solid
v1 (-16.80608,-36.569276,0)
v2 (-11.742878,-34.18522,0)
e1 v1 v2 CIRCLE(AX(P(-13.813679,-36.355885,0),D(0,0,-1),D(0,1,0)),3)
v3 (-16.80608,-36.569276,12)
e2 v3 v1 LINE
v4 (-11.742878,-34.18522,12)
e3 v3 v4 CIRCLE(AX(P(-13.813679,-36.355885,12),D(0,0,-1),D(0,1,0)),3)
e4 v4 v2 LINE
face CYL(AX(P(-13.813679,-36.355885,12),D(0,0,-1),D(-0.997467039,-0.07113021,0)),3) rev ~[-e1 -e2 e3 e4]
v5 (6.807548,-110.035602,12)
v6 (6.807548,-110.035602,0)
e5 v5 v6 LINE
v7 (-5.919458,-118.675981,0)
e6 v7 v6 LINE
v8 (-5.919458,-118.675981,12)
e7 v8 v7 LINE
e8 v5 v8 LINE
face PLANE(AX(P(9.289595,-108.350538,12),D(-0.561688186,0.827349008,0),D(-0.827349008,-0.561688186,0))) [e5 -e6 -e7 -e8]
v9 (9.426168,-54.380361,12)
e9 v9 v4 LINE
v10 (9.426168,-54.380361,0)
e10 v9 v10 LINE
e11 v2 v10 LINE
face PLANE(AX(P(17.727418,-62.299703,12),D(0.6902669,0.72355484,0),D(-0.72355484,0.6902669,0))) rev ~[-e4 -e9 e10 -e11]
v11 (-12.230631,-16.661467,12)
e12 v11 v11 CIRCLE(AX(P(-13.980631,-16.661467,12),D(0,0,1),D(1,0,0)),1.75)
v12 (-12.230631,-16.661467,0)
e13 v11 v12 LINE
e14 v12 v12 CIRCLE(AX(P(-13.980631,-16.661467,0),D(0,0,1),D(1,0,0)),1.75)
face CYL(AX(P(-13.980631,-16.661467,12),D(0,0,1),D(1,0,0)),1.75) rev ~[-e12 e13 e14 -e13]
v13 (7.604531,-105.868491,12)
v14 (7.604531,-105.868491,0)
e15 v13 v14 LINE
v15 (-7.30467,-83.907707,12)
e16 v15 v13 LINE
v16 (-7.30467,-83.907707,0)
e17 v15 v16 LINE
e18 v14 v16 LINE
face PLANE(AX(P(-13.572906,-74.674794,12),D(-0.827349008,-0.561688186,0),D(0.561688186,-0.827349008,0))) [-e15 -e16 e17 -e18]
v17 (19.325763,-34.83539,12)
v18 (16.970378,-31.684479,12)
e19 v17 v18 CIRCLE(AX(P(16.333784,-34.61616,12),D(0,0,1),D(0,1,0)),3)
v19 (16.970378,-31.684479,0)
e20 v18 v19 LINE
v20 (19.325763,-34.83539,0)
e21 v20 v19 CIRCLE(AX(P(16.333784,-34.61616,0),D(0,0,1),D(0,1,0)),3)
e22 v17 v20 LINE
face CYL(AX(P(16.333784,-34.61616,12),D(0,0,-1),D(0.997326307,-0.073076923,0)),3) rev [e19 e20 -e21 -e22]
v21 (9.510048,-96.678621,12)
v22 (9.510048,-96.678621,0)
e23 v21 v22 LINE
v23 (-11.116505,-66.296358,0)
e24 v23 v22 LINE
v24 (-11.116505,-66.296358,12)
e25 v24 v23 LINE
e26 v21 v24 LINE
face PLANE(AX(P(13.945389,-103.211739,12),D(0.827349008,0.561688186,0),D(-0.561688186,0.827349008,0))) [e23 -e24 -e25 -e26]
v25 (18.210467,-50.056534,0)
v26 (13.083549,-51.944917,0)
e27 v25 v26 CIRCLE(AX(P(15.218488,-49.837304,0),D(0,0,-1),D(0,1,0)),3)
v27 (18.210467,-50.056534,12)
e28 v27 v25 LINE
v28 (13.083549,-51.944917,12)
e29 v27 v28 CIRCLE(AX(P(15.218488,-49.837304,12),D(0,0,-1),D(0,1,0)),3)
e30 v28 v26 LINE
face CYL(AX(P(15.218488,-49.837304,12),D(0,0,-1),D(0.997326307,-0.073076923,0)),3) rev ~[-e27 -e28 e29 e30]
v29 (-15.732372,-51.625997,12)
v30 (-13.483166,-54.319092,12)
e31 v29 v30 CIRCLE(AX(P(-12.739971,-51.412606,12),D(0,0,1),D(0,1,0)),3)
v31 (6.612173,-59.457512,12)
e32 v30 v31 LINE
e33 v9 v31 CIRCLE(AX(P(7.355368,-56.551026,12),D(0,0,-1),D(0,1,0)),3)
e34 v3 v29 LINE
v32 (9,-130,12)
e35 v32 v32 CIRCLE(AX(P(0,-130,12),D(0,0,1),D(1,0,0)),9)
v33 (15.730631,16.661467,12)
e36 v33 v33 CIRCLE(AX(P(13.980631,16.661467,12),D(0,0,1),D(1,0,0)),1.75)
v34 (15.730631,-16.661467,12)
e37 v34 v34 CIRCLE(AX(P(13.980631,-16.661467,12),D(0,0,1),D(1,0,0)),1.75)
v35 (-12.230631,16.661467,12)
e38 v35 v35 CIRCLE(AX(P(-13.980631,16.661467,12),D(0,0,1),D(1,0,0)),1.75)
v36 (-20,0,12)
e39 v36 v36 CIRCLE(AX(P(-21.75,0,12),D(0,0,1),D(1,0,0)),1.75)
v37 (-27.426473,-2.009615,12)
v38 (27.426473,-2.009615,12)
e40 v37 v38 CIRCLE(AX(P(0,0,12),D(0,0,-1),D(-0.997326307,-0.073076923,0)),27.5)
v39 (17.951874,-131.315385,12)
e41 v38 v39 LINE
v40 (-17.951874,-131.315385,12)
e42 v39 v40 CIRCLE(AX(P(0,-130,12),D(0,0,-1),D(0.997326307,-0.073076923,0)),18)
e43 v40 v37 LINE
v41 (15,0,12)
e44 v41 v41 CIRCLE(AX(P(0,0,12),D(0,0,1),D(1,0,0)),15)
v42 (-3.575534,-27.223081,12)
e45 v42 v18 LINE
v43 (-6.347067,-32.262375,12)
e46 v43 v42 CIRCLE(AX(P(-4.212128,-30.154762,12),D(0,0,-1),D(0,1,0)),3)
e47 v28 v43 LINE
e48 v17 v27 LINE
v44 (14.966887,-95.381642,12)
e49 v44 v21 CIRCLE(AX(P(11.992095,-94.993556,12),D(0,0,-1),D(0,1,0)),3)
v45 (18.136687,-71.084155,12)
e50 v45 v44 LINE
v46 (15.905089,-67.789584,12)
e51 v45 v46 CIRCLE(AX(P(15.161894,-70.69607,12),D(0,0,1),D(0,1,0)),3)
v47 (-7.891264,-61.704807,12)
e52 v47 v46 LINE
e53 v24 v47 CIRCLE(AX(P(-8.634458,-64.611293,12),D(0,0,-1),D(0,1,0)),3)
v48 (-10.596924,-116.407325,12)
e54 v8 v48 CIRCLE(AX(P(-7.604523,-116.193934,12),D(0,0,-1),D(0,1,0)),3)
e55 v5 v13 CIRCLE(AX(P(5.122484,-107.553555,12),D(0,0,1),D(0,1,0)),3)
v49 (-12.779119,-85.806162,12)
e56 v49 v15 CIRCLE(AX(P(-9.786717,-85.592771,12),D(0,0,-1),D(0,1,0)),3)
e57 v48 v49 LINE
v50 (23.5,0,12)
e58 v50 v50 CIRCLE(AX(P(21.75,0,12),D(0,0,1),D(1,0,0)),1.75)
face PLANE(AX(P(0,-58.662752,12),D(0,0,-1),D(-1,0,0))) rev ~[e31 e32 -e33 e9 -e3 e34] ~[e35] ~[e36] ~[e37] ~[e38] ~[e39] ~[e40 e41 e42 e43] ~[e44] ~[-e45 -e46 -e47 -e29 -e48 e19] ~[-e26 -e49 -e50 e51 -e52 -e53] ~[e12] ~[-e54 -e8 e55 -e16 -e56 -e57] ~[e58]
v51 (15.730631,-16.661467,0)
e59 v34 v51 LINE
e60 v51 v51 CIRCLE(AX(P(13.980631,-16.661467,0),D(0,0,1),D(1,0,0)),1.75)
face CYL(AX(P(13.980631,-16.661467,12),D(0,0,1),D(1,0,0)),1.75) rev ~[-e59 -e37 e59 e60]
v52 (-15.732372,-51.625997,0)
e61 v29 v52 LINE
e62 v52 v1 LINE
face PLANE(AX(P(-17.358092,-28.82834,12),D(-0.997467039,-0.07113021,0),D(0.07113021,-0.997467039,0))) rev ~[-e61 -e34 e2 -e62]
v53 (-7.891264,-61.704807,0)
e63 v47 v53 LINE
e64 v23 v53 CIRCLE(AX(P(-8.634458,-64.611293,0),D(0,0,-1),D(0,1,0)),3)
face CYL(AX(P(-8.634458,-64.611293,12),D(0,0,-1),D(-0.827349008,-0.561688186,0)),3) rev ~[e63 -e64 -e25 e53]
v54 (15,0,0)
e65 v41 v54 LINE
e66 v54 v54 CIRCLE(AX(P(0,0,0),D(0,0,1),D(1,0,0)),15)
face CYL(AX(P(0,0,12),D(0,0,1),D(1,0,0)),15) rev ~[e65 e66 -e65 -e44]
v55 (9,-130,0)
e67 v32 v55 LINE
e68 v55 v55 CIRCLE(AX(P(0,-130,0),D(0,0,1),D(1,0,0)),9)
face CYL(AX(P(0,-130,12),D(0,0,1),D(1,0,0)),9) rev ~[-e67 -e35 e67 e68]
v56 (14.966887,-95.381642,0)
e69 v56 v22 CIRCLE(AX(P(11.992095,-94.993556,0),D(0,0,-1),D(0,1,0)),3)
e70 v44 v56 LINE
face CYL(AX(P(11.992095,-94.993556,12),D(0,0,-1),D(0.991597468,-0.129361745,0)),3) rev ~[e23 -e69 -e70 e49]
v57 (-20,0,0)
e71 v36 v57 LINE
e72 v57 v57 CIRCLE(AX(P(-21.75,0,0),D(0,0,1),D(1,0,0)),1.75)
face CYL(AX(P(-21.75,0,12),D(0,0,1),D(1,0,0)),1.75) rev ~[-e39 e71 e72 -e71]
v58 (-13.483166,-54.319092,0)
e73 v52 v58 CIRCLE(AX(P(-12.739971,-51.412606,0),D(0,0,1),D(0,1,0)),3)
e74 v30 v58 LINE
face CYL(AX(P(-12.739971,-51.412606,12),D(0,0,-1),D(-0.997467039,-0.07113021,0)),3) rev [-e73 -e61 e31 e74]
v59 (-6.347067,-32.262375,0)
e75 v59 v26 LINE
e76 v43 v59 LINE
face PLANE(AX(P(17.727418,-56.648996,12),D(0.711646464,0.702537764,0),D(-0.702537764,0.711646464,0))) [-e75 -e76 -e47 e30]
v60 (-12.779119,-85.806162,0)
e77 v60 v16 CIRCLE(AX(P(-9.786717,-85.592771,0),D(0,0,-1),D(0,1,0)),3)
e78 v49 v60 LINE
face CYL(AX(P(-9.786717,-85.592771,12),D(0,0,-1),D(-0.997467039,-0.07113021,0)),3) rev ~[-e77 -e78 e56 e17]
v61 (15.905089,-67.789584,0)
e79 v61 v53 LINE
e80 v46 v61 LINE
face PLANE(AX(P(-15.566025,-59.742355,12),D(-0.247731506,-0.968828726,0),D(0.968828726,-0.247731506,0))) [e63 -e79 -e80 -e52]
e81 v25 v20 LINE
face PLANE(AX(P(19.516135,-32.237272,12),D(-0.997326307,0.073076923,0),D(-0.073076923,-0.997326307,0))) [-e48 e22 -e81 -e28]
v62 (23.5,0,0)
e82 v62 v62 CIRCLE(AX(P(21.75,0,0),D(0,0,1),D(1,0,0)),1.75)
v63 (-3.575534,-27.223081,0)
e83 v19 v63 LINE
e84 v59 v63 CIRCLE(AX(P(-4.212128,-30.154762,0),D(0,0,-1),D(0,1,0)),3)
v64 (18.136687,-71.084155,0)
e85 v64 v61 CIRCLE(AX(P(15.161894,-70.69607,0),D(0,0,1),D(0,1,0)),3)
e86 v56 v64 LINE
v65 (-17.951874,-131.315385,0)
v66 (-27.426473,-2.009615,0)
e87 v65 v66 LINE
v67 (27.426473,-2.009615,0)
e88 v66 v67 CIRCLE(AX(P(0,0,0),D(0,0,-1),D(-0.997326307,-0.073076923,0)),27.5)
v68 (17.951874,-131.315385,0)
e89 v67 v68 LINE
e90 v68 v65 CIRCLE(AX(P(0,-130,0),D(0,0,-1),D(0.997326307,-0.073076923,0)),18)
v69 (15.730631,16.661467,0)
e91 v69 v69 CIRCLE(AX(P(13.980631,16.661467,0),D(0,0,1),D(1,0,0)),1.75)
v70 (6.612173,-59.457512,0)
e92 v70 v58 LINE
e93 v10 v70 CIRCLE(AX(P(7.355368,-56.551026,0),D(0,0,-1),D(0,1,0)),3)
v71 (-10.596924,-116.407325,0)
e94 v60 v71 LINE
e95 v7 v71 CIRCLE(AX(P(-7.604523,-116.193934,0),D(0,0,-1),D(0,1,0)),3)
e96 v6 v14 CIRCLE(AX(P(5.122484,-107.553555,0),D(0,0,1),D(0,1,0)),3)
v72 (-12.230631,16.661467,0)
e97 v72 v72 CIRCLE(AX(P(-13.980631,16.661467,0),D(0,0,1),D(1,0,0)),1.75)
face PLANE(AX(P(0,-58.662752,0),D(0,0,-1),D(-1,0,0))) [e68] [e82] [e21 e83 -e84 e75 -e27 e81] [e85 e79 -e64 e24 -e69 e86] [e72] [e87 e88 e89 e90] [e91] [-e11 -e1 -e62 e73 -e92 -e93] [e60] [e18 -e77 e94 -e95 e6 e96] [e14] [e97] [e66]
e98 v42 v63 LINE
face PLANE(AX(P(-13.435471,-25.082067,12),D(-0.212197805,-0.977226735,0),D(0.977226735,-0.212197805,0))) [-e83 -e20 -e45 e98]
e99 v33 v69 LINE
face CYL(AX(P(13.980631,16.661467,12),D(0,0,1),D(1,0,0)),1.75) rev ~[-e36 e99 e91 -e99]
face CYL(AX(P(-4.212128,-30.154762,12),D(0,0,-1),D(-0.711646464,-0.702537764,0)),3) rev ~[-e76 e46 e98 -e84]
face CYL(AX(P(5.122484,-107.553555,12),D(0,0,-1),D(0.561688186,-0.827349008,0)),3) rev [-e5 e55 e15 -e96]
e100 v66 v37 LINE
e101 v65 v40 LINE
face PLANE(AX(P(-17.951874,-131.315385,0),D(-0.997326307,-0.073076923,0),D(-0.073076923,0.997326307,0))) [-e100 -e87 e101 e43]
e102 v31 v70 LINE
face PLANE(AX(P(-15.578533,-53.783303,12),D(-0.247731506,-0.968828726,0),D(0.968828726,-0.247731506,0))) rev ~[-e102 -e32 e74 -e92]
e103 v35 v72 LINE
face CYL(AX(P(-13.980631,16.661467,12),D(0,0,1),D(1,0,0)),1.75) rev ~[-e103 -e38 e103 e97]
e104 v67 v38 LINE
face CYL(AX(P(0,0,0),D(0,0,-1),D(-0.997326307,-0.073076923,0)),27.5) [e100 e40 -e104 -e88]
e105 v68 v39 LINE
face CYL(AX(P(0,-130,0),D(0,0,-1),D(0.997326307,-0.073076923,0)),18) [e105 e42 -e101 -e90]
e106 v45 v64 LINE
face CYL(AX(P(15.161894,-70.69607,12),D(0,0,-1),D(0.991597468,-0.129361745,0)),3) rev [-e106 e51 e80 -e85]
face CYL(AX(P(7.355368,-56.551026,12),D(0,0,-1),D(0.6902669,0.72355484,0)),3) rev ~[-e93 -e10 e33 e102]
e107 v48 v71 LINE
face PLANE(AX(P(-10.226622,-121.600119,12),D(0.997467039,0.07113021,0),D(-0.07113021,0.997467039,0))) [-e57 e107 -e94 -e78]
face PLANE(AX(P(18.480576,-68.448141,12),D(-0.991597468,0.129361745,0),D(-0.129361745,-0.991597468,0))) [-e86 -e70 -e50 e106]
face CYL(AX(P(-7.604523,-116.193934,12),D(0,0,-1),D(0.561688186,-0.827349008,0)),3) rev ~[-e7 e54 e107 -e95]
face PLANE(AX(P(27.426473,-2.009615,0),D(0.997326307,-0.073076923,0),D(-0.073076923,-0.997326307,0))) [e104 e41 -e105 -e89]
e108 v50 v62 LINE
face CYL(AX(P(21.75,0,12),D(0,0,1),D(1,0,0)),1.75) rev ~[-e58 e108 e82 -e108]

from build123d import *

# Parameters (mm, degrees)
EXTRUDE_1_DEPTH     = 12
SKETCH_2_R          = 1.75
CUT_EXTRUDE_1_DEPTH = 15
SKETCH_3_R          = 15
CUT_EXTRUDE_2_DEPTH = 152.010761206
SKETCH_4_R          = 9
CUT_EXTRUDE_3_DEPTH = 152.010761206
CUT_EXTRUDE_4_DEPTH = 46
FILLET_1_R          = 3


with BuildPart() as part:
    # 草图1 → 凸台-拉伸1 (new body)
    with BuildSketch(Plane.XY):
        with BuildLine():
            Line((-17.951873532, -131.315384615), (-27.426473452, -2.009615385))
            ThreePointArc((-27.426473452, -2.009615385), (0, 27.5), (27.426473452, -2.009615385))
            Line((27.426473452, -2.009615385), (17.951873532, -131.315384615))
            ThreePointArc((17.951873532, -131.315384615), (0, -148), (-17.951873532, -131.315384615))
        make_face()
    extrude(amount=EXTRUDE_1_DEPTH)

    # 草图2 → 切除-拉伸1 (cut)
    with BuildSketch(Plane.XY.offset(12)):
        with Locations((-13.980630511, 16.661466638)):
            Circle(SKETCH_2_R)
        with Locations((-21.75, 0)):
            Circle(SKETCH_2_R)
        with Locations((-13.980630511, -16.661466638)):
            Circle(SKETCH_2_R)
        with Locations((13.980630511, -16.661466638)):
            Circle(SKETCH_2_R)
        with Locations((21.75, 0)):
            Circle(SKETCH_2_R)
        with Locations((13.980630511, 16.661466638)):
            Circle(SKETCH_2_R)
    extrude(amount=-CUT_EXTRUDE_1_DEPTH, mode=Mode.SUBTRACT)

    # 草图3 → 切除-拉伸2 (cut, through all)
    with BuildSketch(Plane.XY.offset(12)):
        Circle(SKETCH_3_R)
    extrude(amount=-CUT_EXTRUDE_2_DEPTH, mode=Mode.SUBTRACT)

    # 草图4 → 切除-拉伸3 (cut, through all)
    with BuildSketch(Plane.XY.offset(12)):
        with Locations((0, -130)):
            Circle(SKETCH_4_R)
    extrude(amount=-CUT_EXTRUDE_3_DEPTH, mode=Mode.SUBTRACT)

    # 草图5 → 切除-拉伸4 (cut)
    with BuildSketch(Plane.XY.offset(12)):
        Polygon((-13.435471405, -25.082066527), (19.516134608, -32.237272404), (17.727418447, -56.648996486), align=None)
        Polygon((-17.358092238, -28.828340185), (-15.578532958, -53.783302593), (17.727418447, -62.299703149), align=None)
        Polygon((-15.56602545, -59.74235485), (18.480575735, -68.448141084), (13.945389013, -103.211738941), align=None)
        Polygon((-13.572905823, -74.67479367), (9.289595148, -108.350537584), (-10.226621526, -121.600119355), align=None)
    extrude(amount=-CUT_EXTRUDE_4_DEPTH, mode=Mode.SUBTRACT)

    # 圆角1
    fillet_1_edges = [part.edges().sort_by_distance(p)[0] for p in [
        (13.945389013, -103.211738941, 6),
        (-15.56602545, -59.74235485, 6),
        (18.480575735, -68.448141084, 6),
        (-17.358092238, -28.828340185, 6),
        (17.727418447, -62.299703149, 6),
        (-15.578532958, -53.783302593, 6),
        (9.289595148, -108.350537584, 6),
        (-10.226621526, -121.600119355, 6),
        (-13.572905823, -74.67479367, 6),
        (17.727418447, -56.648996486, 6),
        (-13.435471405, -25.082066527, 6),
        (19.516134608, -32.237272404, 6),
    ]]
    fillet(fillet_1_edges, radius=FILLET_1_R)


solid = part.part
